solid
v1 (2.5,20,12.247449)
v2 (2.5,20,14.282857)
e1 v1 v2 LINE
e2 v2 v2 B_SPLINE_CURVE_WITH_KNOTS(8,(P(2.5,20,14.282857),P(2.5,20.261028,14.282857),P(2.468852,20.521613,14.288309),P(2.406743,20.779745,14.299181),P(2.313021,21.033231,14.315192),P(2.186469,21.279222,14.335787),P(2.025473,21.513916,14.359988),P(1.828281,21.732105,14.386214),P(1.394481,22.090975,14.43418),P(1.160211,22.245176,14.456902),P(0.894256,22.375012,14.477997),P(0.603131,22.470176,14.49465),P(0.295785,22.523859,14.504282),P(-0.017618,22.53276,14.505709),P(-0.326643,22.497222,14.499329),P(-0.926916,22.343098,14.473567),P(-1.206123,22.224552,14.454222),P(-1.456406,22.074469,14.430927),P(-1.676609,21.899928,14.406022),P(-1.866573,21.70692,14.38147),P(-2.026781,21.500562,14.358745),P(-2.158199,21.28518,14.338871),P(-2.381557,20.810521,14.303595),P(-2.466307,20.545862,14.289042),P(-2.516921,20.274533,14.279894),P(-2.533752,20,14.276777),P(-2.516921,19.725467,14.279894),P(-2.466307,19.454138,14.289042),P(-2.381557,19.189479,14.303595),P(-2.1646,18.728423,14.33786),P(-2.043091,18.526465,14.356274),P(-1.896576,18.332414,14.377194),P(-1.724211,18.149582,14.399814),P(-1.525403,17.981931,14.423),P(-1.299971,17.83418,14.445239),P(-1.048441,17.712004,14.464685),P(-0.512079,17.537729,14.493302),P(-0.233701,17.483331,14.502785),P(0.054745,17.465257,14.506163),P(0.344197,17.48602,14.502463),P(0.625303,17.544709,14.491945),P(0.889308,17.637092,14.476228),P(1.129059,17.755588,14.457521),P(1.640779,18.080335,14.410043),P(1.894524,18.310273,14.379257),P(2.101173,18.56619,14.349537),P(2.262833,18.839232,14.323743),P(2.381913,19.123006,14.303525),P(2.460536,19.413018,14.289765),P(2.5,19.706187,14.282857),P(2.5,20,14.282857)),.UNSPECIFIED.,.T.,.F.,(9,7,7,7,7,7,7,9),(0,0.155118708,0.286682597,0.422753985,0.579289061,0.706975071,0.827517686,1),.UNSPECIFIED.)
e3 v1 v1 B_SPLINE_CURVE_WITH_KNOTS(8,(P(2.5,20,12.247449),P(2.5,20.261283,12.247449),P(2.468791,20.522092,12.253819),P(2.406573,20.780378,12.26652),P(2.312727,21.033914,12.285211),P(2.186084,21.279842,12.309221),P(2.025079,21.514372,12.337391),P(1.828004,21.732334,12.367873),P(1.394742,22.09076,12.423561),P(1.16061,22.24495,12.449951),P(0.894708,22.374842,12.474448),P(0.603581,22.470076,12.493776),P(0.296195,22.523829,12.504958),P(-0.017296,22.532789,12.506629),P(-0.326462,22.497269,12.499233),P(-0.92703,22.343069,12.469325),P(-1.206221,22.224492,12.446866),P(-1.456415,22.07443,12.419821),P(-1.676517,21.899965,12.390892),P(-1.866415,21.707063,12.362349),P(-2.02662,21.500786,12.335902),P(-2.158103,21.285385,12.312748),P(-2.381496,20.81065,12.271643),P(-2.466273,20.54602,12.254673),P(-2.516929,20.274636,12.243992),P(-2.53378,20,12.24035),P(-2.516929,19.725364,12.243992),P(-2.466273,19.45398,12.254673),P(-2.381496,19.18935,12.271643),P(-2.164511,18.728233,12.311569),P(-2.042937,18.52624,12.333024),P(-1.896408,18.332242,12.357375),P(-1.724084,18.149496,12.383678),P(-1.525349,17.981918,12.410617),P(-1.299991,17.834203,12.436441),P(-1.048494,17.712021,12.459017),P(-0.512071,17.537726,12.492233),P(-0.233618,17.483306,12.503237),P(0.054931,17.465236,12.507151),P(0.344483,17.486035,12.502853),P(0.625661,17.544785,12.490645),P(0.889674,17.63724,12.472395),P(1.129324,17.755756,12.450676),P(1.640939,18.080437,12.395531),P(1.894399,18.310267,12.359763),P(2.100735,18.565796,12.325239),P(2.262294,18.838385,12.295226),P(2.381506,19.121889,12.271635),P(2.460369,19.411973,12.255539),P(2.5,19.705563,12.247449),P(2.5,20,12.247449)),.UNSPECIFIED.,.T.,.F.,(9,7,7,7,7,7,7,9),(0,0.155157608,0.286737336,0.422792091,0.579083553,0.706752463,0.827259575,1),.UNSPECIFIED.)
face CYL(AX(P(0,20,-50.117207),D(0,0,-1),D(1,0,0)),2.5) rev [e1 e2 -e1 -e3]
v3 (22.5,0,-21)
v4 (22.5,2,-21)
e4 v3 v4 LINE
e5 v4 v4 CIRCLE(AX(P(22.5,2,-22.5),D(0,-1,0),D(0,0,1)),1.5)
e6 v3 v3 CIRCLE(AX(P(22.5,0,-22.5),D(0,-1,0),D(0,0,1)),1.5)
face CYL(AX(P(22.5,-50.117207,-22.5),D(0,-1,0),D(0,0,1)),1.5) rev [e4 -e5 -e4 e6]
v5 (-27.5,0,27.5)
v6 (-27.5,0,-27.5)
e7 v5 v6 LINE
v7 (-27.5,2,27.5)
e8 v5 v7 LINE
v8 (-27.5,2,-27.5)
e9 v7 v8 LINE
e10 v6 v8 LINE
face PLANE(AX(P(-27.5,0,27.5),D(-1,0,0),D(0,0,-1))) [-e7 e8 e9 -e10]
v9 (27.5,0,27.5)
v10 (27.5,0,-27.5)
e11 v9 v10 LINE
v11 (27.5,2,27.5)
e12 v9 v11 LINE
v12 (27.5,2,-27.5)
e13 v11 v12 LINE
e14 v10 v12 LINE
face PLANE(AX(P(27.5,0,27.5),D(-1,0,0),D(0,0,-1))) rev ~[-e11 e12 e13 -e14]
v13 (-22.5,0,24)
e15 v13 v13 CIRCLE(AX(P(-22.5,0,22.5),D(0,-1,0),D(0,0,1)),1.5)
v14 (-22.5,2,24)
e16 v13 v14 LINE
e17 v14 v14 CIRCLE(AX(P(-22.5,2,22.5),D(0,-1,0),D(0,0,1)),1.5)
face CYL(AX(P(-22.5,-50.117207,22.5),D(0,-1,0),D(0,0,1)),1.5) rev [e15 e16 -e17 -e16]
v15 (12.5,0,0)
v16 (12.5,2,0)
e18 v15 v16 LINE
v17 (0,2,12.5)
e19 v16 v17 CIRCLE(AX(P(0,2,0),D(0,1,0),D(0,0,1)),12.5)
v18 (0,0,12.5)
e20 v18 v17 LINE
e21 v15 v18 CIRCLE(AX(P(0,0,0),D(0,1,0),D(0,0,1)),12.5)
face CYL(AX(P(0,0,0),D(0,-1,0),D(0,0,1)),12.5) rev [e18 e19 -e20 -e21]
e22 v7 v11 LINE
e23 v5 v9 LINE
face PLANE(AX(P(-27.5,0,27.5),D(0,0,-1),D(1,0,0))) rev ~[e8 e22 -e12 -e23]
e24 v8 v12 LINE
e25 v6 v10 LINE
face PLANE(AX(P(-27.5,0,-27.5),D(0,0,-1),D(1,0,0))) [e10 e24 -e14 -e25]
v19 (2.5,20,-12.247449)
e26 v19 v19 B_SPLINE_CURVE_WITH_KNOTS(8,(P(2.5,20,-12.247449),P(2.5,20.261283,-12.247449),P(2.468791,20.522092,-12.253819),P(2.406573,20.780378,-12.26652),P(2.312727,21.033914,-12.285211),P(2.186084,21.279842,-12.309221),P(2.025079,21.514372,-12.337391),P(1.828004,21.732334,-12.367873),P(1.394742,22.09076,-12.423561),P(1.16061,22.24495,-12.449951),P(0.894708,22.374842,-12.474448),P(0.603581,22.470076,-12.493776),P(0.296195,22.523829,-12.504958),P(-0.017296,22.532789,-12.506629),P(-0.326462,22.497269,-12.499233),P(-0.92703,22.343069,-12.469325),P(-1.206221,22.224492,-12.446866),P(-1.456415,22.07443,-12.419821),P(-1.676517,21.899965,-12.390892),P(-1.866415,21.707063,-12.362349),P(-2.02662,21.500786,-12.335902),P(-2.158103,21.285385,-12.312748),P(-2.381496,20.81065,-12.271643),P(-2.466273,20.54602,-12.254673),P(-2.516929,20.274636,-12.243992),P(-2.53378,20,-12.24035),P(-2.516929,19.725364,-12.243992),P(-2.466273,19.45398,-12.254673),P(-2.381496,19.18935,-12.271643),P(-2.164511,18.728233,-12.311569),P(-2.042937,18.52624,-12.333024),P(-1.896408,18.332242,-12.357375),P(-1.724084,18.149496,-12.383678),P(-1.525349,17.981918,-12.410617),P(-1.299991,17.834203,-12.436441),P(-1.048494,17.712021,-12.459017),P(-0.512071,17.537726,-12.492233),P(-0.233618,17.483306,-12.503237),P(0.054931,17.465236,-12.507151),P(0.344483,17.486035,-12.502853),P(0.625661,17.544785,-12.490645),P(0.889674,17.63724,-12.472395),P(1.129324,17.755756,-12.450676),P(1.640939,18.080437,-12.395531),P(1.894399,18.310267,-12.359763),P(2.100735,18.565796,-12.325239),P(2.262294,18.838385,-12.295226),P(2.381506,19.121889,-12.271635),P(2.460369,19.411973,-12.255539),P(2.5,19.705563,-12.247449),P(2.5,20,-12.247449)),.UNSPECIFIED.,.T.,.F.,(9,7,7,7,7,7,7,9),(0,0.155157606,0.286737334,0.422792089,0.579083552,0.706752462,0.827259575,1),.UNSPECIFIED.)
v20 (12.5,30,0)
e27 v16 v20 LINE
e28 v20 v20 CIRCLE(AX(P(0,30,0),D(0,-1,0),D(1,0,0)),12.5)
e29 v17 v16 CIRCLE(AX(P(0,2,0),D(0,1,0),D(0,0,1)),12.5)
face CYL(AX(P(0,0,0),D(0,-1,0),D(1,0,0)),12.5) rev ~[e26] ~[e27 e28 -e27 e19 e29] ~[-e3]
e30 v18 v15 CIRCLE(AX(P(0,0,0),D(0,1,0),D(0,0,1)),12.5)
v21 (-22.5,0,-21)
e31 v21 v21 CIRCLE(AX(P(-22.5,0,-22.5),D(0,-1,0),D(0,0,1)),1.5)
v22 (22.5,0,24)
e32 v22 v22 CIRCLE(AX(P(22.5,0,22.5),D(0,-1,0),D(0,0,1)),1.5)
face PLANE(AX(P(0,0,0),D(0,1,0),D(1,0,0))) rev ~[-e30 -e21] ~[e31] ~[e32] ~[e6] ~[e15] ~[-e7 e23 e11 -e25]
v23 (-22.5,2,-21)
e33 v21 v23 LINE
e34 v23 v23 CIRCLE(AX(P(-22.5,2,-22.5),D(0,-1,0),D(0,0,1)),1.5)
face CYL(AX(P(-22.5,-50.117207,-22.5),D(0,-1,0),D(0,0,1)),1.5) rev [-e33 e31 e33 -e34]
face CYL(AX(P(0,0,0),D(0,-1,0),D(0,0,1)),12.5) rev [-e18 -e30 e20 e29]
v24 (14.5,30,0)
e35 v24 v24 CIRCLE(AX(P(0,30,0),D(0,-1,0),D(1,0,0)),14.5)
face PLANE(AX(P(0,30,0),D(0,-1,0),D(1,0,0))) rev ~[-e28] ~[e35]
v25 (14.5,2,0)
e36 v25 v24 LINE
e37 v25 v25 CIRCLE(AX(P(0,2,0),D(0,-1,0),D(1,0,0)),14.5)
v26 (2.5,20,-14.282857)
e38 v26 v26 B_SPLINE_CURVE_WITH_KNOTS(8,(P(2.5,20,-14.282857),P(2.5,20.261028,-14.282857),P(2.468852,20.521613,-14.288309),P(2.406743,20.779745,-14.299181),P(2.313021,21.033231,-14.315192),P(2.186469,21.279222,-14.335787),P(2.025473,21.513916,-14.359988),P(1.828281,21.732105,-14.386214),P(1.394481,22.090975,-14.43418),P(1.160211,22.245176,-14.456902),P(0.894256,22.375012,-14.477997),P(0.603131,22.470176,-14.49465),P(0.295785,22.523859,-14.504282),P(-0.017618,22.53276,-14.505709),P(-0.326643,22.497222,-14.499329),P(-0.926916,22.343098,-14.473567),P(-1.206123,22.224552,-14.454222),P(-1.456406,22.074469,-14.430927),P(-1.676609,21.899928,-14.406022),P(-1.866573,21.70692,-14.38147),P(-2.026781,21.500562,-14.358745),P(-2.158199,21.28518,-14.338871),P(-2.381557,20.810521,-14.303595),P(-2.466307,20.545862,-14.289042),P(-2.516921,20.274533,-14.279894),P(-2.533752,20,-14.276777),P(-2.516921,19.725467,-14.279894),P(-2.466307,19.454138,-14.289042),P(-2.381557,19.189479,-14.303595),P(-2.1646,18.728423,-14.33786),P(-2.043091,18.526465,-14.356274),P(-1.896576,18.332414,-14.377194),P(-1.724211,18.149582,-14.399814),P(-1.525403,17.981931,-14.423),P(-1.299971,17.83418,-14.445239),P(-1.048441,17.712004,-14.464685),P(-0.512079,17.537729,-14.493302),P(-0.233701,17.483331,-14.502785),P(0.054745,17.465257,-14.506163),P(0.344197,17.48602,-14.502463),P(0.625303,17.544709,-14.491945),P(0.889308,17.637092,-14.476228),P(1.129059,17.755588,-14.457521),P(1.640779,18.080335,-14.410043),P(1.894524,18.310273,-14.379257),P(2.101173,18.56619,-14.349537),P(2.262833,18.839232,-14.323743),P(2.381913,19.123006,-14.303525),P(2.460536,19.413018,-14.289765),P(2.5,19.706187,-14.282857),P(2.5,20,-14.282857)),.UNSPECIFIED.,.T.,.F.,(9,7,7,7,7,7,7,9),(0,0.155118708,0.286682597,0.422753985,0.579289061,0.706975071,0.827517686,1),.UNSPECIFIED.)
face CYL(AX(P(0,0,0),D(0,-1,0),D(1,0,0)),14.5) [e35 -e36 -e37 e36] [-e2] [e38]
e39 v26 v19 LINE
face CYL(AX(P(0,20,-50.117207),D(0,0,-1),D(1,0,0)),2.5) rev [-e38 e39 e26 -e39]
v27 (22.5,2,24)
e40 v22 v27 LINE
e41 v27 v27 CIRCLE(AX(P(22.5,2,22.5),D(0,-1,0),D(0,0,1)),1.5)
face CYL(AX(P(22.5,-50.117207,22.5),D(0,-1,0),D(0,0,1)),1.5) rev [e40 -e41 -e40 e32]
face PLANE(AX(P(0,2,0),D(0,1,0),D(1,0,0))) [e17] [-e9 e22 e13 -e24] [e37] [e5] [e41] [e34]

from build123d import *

# Parameters (mm, degrees)
SKETCH_1_W               = 55
SKETCH_1_H               = 55
SKETCH_1_R               = 12.5
EXTRUDE_1_DEPTH          = 2
SKETCH_2_R               = 14.5
SKETCH_2_R_2             = 12.5
EXTRUDE_1_2_DEPTH        = 30
CUT_EXTRUDE_1_DEPTH      = 50.117206761
CUT_EXTRUDE_1_DEPTH_BACK = 50.117206761
SKETCH_3_R               = 2.5
CUT_EXTRUDE_7_DEPTH      = 50.117206822
CUT_EXTRUDE_7_DEPTH_BACK = 50.117206822
SKETCH_4_R               = 1.5


with BuildPart() as part:
    # Эскиз1 → Extrude 1 (new body)
    with BuildSketch(Plane(origin=(0, 0, 0), x_dir=(1, 0, 0), z_dir=(0, 1, 0))):
        Rectangle(SKETCH_1_W, SKETCH_1_H)
        with Locations(Location((0, 0, 0), (0, 0, 270))):
            Circle(SKETCH_1_R, mode=Mode.SUBTRACT)
    extrude(amount=EXTRUDE_1_DEPTH)

    # Эскиз2 → Extrude 1 2 (add)
    with BuildSketch(Plane.XZ):
        Circle(SKETCH_2_R)
        Circle(SKETCH_2_R_2, mode=Mode.SUBTRACT)
    extrude(amount=-EXTRUDE_1_2_DEPTH)

    # Эскиз3 → Вырез-Вытянуть1 (cut, two sides: drawn at the far end of the back side and taken through both)
    with BuildSketch(Plane.XY.offset(-CUT_EXTRUDE_1_DEPTH_BACK)):
        with Locations((0, 20)):
            Circle(SKETCH_3_R)
    extrude(amount=CUT_EXTRUDE_1_DEPTH + CUT_EXTRUDE_1_DEPTH_BACK, mode=Mode.SUBTRACT)

    # Эскиз4 → Вырез-Вытянуть7 (cut, two sides: drawn at the far end of the back side and taken through both)
    with BuildSketch(Plane(origin=(0, 0, 0), x_dir=(1, 0, 0), z_dir=(0, 1, 0)).offset(-CUT_EXTRUDE_7_DEPTH_BACK)):
        with Locations(Location((-22.5, 22.5, 0), (0, 0, 270))):
            Circle(SKETCH_4_R)
        with Locations(Location((22.5, 22.5, 0), (0, 0, 270))):
            Circle(SKETCH_4_R)
        with Locations(Location((22.5, -22.5, 0), (0, 0, 270))):
            Circle(SKETCH_4_R)
        with Locations(Location((-22.5, -22.5, 0), (0, 0, 270))):
            Circle(SKETCH_4_R)
    extrude(amount=CUT_EXTRUDE_7_DEPTH + CUT_EXTRUDE_7_DEPTH_BACK, mode=Mode.SUBTRACT)


solid = part.part
